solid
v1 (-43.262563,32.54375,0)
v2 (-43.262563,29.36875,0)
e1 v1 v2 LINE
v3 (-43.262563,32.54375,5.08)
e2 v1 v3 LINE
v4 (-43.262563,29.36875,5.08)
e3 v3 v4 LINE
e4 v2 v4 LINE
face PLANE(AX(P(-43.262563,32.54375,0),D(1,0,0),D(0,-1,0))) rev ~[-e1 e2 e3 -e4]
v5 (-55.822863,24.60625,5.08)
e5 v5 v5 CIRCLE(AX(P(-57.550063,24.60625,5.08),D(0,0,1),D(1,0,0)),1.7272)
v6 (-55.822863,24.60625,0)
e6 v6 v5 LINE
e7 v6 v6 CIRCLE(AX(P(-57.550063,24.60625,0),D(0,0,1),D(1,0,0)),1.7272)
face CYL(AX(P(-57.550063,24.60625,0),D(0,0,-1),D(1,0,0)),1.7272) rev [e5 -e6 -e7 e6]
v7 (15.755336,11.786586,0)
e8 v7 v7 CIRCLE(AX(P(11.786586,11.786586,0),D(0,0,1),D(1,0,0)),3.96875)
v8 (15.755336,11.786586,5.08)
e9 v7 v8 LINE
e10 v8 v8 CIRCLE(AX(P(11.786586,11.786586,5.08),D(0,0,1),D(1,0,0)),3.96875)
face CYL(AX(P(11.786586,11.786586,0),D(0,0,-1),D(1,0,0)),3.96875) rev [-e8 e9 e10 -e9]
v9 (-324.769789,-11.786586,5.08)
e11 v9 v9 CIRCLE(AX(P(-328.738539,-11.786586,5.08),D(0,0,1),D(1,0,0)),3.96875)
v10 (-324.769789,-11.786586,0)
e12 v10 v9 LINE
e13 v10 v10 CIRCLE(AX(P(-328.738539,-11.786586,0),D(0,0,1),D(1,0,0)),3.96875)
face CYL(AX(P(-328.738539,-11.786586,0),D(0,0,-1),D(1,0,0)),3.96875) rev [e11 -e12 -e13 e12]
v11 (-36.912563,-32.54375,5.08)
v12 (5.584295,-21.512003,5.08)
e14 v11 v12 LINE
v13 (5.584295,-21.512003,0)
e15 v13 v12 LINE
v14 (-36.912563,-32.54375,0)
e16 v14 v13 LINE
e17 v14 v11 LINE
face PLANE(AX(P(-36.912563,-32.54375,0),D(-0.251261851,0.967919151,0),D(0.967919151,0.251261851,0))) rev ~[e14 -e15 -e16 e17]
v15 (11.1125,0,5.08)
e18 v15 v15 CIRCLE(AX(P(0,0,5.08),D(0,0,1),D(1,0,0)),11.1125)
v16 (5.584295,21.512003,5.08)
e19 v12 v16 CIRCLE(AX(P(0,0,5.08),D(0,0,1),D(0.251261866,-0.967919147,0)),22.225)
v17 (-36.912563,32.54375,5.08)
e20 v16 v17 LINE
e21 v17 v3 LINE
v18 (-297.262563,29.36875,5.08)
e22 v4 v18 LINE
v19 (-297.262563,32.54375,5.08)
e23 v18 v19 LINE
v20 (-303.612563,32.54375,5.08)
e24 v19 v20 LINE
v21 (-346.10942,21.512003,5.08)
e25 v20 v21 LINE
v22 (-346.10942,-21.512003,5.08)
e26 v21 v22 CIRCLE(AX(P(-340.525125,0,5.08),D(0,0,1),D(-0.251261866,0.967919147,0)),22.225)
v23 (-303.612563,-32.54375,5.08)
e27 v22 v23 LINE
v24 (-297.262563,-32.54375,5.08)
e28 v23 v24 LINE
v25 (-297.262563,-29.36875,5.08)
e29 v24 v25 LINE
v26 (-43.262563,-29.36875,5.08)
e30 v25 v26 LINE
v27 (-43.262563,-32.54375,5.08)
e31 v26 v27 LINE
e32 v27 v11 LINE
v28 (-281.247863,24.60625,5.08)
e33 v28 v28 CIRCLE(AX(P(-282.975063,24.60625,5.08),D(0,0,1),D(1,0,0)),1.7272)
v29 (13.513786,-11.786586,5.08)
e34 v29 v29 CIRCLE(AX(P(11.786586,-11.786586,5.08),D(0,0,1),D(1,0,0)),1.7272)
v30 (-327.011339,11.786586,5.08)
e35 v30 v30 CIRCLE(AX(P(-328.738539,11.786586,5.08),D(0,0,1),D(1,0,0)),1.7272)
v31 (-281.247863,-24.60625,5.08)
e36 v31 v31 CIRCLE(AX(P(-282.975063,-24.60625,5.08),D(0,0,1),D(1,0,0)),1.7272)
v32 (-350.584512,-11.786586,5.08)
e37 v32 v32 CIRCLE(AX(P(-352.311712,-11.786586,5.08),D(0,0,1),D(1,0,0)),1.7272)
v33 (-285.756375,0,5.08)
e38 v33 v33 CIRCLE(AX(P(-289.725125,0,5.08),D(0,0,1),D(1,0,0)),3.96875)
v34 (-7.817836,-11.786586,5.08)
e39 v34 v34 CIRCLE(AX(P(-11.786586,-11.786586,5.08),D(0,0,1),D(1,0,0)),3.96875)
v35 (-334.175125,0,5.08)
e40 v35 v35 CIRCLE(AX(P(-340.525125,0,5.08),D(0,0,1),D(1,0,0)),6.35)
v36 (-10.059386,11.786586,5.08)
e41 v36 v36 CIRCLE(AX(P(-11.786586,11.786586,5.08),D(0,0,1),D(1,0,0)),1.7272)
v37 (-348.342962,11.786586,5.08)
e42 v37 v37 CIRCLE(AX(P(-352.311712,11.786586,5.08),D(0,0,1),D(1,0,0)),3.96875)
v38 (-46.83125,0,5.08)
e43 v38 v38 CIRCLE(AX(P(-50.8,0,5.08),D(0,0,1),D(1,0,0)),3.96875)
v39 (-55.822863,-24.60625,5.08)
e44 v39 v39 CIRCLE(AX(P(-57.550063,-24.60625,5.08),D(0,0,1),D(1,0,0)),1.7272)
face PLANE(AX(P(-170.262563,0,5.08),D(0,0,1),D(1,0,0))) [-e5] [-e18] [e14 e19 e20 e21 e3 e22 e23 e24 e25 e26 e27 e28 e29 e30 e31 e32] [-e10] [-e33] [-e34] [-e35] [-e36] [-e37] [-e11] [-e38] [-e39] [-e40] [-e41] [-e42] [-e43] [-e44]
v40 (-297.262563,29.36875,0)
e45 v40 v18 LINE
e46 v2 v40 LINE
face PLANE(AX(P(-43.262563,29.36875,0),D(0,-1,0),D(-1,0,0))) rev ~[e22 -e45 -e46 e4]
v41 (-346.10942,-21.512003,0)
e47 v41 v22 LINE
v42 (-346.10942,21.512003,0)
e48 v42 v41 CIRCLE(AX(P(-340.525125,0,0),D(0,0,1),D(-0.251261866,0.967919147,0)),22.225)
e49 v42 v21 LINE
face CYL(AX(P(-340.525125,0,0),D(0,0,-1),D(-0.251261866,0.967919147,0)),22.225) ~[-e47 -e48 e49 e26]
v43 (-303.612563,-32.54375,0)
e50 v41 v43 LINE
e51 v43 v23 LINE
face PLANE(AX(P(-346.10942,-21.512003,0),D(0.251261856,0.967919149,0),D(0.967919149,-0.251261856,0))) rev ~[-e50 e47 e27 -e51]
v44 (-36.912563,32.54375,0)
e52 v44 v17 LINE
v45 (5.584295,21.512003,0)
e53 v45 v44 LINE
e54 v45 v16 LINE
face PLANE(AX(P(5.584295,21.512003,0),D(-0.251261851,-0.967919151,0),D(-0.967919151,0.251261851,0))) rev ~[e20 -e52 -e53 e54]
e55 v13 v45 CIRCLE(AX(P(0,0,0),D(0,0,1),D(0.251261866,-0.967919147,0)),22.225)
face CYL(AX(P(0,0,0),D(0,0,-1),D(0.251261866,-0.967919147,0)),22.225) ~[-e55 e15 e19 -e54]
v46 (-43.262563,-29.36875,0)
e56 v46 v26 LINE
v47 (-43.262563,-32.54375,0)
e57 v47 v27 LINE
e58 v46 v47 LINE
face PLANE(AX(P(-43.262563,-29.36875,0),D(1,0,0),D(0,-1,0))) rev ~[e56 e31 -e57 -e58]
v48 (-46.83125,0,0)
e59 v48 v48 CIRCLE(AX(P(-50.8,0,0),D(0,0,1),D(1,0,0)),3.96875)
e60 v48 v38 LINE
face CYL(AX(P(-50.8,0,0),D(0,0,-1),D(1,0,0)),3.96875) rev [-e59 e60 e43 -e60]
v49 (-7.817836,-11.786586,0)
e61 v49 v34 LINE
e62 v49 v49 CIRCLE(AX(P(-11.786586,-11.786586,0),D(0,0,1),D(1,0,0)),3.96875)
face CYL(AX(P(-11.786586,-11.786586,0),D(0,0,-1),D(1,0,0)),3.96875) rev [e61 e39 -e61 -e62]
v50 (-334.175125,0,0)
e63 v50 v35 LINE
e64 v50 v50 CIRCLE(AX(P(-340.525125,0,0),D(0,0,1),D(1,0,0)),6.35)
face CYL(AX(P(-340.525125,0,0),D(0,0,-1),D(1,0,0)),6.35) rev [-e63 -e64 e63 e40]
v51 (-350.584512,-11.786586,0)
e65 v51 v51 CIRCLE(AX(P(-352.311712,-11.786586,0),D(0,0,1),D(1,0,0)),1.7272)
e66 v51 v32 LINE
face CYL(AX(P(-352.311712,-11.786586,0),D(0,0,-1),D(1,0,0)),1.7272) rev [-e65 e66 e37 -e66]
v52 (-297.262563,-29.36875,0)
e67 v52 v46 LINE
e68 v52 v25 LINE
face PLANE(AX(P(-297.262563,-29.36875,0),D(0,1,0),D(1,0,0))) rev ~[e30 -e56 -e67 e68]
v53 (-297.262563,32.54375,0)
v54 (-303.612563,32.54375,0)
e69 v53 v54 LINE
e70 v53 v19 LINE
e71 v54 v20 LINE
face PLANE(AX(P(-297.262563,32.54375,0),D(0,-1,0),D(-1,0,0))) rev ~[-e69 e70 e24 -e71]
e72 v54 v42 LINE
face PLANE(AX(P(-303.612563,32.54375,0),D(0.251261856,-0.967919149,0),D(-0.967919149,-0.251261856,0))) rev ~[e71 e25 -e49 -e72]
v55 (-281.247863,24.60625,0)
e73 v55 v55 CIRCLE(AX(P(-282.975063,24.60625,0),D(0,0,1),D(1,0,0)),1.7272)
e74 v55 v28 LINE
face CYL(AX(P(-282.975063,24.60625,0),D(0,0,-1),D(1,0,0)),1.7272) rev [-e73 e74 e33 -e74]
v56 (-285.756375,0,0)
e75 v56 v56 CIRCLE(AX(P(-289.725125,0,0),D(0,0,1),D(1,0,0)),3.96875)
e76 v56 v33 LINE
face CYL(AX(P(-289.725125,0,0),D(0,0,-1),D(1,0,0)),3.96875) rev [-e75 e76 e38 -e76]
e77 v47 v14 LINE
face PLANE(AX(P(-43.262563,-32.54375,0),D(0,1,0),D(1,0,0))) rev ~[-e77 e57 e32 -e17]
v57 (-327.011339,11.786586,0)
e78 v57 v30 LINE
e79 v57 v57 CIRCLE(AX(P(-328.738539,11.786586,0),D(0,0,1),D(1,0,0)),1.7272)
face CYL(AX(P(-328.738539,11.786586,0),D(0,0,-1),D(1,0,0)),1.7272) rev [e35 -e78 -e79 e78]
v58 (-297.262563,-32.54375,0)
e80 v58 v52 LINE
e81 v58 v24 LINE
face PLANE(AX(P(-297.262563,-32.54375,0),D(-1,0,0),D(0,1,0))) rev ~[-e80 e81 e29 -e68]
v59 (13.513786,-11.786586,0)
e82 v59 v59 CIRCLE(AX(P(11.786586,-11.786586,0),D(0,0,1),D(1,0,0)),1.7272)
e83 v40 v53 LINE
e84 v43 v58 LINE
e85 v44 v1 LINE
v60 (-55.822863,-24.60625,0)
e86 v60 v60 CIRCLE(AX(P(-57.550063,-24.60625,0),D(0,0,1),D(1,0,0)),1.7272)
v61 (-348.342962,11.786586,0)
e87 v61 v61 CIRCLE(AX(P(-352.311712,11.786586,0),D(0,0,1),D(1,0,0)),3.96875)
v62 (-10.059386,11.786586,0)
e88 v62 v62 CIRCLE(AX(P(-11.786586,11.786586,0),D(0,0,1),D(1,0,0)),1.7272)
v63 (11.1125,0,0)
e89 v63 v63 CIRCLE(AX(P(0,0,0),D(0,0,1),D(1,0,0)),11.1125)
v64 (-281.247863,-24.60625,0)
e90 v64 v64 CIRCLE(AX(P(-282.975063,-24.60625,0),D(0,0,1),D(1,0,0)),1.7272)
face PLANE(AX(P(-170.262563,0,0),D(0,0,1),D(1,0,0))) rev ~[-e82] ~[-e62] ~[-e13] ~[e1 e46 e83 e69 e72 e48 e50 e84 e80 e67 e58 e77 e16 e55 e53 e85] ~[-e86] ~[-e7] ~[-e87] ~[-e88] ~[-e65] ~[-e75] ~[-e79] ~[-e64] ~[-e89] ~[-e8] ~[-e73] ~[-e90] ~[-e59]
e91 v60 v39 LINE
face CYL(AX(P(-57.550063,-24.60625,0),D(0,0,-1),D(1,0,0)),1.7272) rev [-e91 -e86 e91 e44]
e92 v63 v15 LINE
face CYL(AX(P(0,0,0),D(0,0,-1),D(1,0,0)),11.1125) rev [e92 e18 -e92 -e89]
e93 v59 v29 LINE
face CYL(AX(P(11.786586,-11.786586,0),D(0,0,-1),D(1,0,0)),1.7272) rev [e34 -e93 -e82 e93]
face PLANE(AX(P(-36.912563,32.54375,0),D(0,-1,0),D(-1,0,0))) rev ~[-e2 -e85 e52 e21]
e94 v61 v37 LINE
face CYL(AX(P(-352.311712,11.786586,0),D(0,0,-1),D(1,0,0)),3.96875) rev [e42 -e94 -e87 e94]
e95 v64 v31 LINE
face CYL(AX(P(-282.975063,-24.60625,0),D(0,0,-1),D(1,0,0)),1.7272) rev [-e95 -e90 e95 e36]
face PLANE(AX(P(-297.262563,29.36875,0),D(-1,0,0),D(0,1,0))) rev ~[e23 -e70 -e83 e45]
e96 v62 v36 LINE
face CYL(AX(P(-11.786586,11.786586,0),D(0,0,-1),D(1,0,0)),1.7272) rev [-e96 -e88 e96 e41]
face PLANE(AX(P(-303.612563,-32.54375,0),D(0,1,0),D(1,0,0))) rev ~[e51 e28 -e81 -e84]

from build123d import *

# Parameters (mm, degrees)
F0_R     = 1.7272
F0_R_2   = 3.96875
F0_R_3   = 6.35
F0_R_4   = 11.1125
F1_DEPTH = 5.08


with BuildPart() as f1:
    # F0 (on Top) → F1 (new body)
    with BuildSketch(Plane.XY):
        with BuildLine():
            Line((-303.612563, 32.54375), (-346.10942, 21.512003))
            ThreePointArc((-346.10942, 21.512003), (-362.750125, 0), (-346.10942, -21.512003))
            Line((-346.10942, -21.512003), (-303.612563, -32.54375))
            Line((-303.612563, -32.54375), (-297.262563, -32.54375))
            Line((-297.262563, -32.54375), (-297.262563, -29.36875))
            Line((-297.262563, -29.36875), (-43.262563, -29.36875))
            Line((-43.262563, -29.36875), (-43.262563, -32.54375))
            Line((-43.262563, -32.54375), (-36.912563, -32.54375))
            Line((-36.912563, -32.54375), (5.584295, -21.512003))
            ThreePointArc((5.584295, -21.512003), (22.225, 0), (5.584295, 21.512003))
            Line((5.584295, 21.512003), (-36.912563, 32.54375))
            Line((-36.912563, 32.54375), (-43.262563, 32.54375))
            Line((-43.262563, 32.54375), (-43.262563, 29.36875))
            Line((-43.262563, 29.36875), (-297.262563, 29.36875))
            Line((-297.262563, 29.36875), (-297.262563, 32.54375))
            Line((-297.262563, 32.54375), (-303.612563, 32.54375))
        make_face()
        with Locations((-282.975063, -24.60625)):
            Circle(F0_R, mode=Mode.SUBTRACT)
        with Locations((-352.311712, -11.786586)):
            Circle(F0_R, mode=Mode.SUBTRACT)
        with Locations((-328.738539, -11.786586)):
            Circle(F0_R_2, mode=Mode.SUBTRACT)
        with Locations((-57.550063, -24.60625)):
            Circle(F0_R, mode=Mode.SUBTRACT)
        with Locations((-11.786586, -11.786586)):
            Circle(F0_R_2, mode=Mode.SUBTRACT)
        with Locations((11.786586, -11.786586)):
            Circle(F0_R, mode=Mode.SUBTRACT)
        with Locations((-340.525125, 0)):
            Circle(F0_R_3, mode=Mode.SUBTRACT)
        with Locations((-289.725125, 0)):
            Circle(F0_R_2, mode=Mode.SUBTRACT)
        with Locations((-352.311712, 11.786586)):
            Circle(F0_R_2, mode=Mode.SUBTRACT)
        with Locations((-328.738539, 11.786586)):
            Circle(F0_R, mode=Mode.SUBTRACT)
        with Locations((-282.975063, 24.60625)):
            Circle(F0_R, mode=Mode.SUBTRACT)
        with Locations((-50.8, 0)):
            Circle(F0_R_2, mode=Mode.SUBTRACT)
        Circle(F0_R_4, mode=Mode.SUBTRACT)
        with Locations((-11.786586, 11.786586)):
            Circle(F0_R, mode=Mode.SUBTRACT)
        with Locations((11.786586, 11.786586)):
            Circle(F0_R_2, mode=Mode.SUBTRACT)
        with Locations((-57.550063, 24.60625)):
            Circle(F0_R, mode=Mode.SUBTRACT)
    extrude(amount=F1_DEPTH)


solid = f1.part
